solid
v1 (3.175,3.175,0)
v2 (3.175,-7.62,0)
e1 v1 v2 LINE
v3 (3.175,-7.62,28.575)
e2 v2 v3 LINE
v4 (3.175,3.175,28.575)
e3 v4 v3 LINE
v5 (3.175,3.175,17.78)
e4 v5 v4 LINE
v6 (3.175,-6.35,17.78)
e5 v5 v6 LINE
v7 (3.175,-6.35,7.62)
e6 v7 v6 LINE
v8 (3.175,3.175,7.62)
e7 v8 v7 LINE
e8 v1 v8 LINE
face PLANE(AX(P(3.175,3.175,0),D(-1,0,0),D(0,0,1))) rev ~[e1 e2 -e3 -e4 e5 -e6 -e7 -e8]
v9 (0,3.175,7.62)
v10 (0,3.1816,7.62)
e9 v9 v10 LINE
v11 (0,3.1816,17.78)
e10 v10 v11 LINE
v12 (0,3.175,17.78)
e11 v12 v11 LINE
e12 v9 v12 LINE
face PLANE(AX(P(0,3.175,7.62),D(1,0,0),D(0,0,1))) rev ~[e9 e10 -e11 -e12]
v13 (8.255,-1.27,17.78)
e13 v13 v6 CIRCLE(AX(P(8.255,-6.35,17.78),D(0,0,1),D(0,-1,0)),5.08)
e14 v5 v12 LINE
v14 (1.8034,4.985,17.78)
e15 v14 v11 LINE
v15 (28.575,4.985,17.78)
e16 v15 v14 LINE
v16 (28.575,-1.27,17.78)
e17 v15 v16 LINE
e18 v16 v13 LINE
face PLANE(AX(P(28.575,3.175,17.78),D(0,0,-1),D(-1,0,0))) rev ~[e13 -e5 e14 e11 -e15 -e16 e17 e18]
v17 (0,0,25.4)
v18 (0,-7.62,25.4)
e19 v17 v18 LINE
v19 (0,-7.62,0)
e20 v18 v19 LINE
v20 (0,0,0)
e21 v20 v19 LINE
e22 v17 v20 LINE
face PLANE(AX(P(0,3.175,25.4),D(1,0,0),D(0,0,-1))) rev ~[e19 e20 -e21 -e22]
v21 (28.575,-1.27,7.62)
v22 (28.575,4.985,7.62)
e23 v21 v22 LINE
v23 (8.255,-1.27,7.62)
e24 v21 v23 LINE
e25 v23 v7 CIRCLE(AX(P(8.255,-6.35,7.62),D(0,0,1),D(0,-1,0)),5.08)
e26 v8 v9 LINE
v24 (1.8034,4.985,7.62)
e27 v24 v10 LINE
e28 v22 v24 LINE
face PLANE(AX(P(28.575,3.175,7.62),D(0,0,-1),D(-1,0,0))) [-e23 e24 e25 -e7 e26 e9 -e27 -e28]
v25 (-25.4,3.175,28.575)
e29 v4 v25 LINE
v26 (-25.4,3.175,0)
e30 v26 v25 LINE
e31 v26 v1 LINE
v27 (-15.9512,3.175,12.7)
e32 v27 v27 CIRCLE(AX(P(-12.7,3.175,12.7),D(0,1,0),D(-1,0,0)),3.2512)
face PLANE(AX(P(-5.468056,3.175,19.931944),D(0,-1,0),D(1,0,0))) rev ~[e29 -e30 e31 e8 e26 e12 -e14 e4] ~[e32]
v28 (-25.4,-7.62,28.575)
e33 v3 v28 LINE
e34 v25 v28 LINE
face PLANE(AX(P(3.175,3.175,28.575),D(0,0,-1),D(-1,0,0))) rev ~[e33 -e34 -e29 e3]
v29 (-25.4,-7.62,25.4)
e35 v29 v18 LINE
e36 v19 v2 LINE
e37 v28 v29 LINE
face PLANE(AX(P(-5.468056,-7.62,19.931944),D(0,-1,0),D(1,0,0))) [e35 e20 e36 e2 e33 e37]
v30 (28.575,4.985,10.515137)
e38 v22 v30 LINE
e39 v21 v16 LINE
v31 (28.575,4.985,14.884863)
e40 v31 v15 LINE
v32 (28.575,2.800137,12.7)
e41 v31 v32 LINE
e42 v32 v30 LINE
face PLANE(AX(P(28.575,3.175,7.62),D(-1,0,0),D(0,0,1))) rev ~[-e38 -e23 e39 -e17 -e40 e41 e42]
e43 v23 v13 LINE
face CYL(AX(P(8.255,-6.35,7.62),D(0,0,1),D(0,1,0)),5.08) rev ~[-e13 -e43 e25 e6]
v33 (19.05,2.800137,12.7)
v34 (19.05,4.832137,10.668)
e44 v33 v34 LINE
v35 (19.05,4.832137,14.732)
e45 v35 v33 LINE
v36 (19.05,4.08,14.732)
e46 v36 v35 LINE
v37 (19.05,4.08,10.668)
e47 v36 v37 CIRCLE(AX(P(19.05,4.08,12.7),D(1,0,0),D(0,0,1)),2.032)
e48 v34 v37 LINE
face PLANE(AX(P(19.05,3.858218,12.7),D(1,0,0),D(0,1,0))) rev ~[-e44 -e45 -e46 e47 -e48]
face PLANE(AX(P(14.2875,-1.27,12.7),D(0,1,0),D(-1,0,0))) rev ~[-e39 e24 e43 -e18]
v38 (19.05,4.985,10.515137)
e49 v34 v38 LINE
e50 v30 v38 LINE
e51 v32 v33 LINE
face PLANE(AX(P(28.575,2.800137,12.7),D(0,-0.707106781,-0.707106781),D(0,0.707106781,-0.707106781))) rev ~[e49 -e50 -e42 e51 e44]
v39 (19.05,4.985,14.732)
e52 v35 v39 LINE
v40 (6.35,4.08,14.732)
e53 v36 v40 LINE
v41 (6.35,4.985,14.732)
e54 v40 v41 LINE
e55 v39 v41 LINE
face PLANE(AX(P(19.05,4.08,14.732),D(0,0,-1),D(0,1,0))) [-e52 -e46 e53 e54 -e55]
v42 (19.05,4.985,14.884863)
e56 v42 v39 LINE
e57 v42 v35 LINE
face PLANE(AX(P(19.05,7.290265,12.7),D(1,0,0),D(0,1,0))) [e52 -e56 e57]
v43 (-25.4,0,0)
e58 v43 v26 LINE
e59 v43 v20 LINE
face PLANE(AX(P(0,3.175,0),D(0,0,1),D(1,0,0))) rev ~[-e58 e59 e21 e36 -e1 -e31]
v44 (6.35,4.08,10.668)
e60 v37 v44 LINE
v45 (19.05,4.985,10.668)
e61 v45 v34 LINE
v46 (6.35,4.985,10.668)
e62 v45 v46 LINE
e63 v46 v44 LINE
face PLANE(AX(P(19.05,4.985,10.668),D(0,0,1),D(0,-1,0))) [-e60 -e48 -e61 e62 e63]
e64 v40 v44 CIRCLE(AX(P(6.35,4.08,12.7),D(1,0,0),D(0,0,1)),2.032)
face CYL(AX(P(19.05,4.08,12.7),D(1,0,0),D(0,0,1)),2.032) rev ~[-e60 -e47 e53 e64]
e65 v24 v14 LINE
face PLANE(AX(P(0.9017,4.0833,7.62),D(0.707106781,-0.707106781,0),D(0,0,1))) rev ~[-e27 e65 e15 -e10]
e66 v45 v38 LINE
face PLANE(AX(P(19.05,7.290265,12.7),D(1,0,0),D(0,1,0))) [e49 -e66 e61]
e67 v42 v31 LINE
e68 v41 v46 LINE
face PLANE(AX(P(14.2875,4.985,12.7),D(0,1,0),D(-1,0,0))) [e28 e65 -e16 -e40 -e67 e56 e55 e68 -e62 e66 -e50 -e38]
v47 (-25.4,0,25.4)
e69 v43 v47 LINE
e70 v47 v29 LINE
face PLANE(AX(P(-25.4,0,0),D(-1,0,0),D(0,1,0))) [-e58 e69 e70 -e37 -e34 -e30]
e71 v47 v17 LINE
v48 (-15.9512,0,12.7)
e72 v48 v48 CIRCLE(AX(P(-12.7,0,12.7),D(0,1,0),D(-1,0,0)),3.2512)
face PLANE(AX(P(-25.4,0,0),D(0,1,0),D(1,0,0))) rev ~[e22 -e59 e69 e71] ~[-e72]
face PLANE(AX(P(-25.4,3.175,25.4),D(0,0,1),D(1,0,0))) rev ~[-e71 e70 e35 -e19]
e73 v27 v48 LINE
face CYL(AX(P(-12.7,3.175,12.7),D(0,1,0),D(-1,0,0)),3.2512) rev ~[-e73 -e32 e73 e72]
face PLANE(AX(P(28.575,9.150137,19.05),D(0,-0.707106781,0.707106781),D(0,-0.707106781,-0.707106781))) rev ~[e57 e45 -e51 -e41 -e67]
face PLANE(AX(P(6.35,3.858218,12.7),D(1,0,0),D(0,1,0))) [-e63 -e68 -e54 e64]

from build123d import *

# Parameters (mm, degrees)
SKETCH_W          = 25.4
SKETCH_H          = 3.175
PAD_DEPTH         = 25.4
SKETCH001_W       = 28.575
SKETCH001_H       = 10.16
PAD001_DEPTH      = 1.81
PAD001_DEPTH_BACK = 4.445
POCKET_DEPTH      = 9.525
POCKET001_DEPTH   = 12.7
CHAMFER_SIZE      = 1.8034
SKETCH004_R       = 3.2512
POCKET002_DEPTH   = 4.446
PAD002_DEPTH      = 10.795
FILLET_R          = 5.08


with BuildPart() as part:
    # Sketch → Pad (new body)
    with BuildSketch(Plane.XY):
        with Locations((-12.7, 1.5875)):
            Rectangle(SKETCH_W, SKETCH_H)
    extrude(amount=PAD_DEPTH)

    # Sketch001 (on Face1 of Pad) → Pad001 (join, two sides)
    with BuildSketch(Plane(origin=(0, 3.175, 0), x_dir=(-1, 0, 0), z_dir=(0, 1, 0))) as pad001_sk:
        with Locations((-14.2875, 12.7)):
            Rectangle(SKETCH001_W, SKETCH001_H)
    extrude(amount=PAD001_DEPTH)
    extrude(pad001_sk.sketch, amount=-PAD001_DEPTH_BACK)

    # Sketch002 (on Face13 of Pad001) → Pocket (cut)
    with BuildSketch(Plane.YZ.offset(28.575)):
        Polygon((9.150137, 19.05), (2.800137, 12.7), (9.150137, 6.35), align=None)
    extrude(amount=-POCKET_DEPTH, mode=Mode.SUBTRACT)

    # Sketch003 (on Face16 of Pocket) → Pocket001 (cut)
    with BuildSketch(Plane.YZ.offset(19.05)):
        with BuildLine():
            ThreePointArc((4.08, 14.732), (2.048, 12.7), (4.08, 10.668))
            Line((4.985, 10.668), (4.08, 10.668))
            Line((4.985, 14.732), (4.985, 10.668))
            Line((4.08, 14.732), (4.985, 14.732))
        make_face()
    extrude(amount=-POCKET001_DEPTH, mode=Mode.SUBTRACT)

    # Chamfer
    chamfer_edges = [part.edges().sort_by_distance(p)[0] for p in [
        (0, 4.985, 12.7),
    ]]
    chamfer(chamfer_edges, length=CHAMFER_SIZE)

    # Sketch004 (on Face4 of Chamfer) → Pocket002 (cut, through all)
    with BuildSketch(Plane(origin=(0, 3.175, 0), x_dir=(-1, 0, 0), z_dir=(0, 1, 0))):
        with Locations((12.7, 12.7)):
            Circle(SKETCH004_R)
    extrude(amount=-POCKET002_DEPTH, mode=Mode.SUBTRACT)

    # Sketch006 (on Face4 of Pocket002) → Pad002 (join)
    with BuildSketch(Plane(origin=(0, 3.175, 0), x_dir=(-1, 0, 0), z_dir=(0, 1, 0))):
        Polygon((0, 0), (-3.175, 0), (-3.175, 28.575), (25.4, 28.575), (25.4, 25.4), (0, 25.4), align=None)
    extrude(amount=-PAD002_DEPTH)

    # Fillet
    fillet_edges = [part.edges().sort_by_distance(p)[0] for p in [
        (3.175, -1.27, 12.7),
    ]]
    fillet(fillet_edges, radius=FILLET_R)


solid = part.part
